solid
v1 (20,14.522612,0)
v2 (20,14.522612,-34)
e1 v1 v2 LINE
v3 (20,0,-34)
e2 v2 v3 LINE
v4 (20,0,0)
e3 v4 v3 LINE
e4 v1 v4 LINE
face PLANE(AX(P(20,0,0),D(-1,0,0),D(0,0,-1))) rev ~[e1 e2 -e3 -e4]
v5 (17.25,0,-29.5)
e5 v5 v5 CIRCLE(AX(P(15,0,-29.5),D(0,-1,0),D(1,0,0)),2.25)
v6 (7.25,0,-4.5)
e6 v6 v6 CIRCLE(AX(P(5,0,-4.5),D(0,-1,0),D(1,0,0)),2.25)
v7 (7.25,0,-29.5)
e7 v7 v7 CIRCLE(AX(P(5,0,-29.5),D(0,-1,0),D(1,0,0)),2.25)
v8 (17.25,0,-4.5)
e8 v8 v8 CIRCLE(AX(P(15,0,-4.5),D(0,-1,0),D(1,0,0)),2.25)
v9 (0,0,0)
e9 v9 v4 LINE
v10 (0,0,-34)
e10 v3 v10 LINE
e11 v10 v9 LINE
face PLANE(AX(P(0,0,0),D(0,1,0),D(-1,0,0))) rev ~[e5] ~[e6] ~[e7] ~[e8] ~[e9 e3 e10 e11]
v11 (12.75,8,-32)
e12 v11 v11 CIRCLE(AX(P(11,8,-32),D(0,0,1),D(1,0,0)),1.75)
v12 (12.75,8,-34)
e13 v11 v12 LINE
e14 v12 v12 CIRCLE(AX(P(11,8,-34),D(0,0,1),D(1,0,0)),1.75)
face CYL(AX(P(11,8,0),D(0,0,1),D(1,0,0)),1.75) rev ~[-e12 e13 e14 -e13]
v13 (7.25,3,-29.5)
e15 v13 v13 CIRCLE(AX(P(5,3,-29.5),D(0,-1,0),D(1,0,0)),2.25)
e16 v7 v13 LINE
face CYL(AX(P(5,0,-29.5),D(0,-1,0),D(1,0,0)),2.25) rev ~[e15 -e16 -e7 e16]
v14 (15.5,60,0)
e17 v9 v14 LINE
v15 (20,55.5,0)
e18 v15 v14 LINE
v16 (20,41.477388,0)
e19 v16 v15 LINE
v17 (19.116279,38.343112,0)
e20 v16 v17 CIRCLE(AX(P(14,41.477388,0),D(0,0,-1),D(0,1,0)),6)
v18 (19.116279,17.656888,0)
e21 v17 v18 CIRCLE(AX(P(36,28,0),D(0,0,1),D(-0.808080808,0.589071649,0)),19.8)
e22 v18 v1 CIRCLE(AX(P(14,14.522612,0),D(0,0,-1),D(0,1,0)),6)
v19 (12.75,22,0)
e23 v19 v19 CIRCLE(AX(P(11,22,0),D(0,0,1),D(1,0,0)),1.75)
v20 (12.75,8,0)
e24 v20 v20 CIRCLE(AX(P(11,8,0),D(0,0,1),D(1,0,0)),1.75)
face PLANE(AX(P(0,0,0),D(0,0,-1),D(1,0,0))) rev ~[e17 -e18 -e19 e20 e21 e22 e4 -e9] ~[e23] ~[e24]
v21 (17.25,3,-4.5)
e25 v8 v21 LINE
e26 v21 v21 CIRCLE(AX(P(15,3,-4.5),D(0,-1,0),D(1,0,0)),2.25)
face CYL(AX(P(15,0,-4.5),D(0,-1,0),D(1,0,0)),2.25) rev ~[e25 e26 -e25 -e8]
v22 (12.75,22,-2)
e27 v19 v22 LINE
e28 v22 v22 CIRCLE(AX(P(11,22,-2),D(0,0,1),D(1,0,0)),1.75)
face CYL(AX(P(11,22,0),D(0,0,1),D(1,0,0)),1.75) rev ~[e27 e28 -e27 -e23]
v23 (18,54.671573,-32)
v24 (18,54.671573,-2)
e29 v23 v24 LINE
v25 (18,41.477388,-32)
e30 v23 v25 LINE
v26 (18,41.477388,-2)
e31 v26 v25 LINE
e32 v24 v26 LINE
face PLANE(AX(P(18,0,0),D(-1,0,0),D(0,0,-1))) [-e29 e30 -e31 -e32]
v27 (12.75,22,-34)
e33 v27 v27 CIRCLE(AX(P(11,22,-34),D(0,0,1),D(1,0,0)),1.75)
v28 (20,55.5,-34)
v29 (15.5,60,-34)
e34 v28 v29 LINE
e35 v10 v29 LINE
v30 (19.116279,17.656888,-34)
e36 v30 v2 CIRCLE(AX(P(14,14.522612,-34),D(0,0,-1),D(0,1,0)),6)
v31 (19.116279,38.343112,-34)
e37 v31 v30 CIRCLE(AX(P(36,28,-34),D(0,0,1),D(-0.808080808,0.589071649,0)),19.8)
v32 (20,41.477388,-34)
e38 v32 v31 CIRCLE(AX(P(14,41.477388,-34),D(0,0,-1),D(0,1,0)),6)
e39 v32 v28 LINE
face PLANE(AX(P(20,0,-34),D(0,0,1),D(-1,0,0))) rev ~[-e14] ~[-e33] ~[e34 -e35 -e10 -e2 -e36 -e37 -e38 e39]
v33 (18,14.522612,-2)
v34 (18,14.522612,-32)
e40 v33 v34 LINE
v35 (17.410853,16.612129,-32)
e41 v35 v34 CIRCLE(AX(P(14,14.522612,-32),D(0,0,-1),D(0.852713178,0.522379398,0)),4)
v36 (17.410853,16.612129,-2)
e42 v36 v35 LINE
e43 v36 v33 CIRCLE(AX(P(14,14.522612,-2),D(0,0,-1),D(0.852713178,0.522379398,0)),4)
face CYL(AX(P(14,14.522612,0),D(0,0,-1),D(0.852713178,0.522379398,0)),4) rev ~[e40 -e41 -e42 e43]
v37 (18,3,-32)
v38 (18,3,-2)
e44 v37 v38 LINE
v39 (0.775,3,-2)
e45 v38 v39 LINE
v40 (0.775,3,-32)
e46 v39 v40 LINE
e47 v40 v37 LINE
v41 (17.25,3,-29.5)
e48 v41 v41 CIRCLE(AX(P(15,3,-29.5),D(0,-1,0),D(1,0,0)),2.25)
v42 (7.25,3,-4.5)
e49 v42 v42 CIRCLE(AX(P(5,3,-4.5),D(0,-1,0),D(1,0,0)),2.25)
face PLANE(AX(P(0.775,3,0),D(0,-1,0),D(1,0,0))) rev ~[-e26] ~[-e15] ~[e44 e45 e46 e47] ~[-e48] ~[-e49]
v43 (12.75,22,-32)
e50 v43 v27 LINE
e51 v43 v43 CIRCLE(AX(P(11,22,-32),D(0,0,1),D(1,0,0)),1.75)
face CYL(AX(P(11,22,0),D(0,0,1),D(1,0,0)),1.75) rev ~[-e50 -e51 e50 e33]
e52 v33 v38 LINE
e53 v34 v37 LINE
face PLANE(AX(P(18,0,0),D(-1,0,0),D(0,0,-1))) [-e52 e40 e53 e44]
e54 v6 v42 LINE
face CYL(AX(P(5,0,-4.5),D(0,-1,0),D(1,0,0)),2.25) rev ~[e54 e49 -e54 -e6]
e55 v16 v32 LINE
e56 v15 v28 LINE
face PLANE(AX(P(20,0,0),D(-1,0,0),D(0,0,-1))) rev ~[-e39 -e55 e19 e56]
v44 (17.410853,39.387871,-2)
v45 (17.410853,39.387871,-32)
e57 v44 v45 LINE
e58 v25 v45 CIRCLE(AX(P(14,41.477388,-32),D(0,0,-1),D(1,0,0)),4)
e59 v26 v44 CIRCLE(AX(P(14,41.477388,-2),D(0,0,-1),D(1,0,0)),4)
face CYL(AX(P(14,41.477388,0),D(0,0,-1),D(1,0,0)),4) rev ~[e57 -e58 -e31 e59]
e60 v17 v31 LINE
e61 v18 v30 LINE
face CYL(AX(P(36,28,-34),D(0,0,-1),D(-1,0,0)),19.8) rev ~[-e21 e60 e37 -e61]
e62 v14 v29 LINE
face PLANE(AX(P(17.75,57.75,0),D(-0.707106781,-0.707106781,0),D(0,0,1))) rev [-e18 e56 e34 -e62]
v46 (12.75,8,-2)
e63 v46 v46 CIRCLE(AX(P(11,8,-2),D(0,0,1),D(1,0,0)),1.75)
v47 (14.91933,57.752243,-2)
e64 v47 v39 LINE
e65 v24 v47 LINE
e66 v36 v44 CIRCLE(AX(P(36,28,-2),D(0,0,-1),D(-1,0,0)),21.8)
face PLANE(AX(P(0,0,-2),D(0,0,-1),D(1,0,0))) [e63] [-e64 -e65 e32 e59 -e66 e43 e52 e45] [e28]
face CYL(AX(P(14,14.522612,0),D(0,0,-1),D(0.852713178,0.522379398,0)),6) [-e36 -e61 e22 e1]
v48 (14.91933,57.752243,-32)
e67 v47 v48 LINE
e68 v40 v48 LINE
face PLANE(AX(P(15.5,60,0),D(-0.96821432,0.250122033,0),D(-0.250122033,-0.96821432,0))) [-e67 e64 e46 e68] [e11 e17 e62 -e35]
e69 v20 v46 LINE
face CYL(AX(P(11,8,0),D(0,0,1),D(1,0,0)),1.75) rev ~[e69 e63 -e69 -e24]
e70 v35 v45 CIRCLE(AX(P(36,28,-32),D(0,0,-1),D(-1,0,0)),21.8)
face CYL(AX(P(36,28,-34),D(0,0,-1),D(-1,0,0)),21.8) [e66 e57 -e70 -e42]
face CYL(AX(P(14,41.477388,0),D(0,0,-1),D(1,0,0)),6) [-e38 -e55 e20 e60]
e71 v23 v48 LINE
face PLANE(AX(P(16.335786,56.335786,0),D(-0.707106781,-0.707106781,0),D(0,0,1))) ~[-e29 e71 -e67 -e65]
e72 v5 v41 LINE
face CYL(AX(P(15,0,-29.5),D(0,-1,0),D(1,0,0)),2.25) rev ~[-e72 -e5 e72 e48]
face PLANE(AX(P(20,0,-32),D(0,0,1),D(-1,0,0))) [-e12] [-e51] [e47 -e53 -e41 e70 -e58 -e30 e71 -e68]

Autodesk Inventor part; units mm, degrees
ref_plane "YZ Plane" through (0, 0, 0) normal (1, 0, 0) x (0, 1, 0)
ref_plane "XZ Plane" through (0, 0, 0) normal (0, 1, 0) x (-1, 0, 0)
ref_plane "XY Plane" through (0, 0, 0) normal (0, 0, 1) x (1, 0, 0)
sketch "Sketch1" plane through (0, 0, 0) normal (0, 1, 0) x (-1, 0, 0)
  line L0 (0, 0) -> (-20, 0)
  line L1 (-20, 0) -> (-20, -34)
  line L2 (-20, -34) -> (0, -34)
  line L3 (0, -34) -> (0, 0)
  dimension "d0" = 34
  dimension "d1" = 20
extrude "Extrusion1" add sketch "Sketch1" along normal blind 60
chamfer "Chamfer1" distance 4.5 angle 45 1 edges at (20, 60, -17)
sketch "Sketch3" plane through (0, 0, 0) normal (0, 0, 1) x (1, 0, 0)
  line L0 (0, 60) -> (15.5, 60) projected
  line L1 (15.5, 60) -> (0, 0)
  line L2 (0, 0) -> (20, 0) projected
  line L3 (20, 0) -> (0, 0)
  line L4 (0, 0) -> (0, 60)
  line L5 (0, 60) -> (20, 60)
  line L6 (20, 60) -> (20, 0)
extrude "Extrusion2" cut sketch "Sketch3" against normal blind 60 contours L0 L1 L4
sketch "Sketch4" plane through (20, 0, -34) normal (0, 0, -1) x (-1, 0, 0)
  circle A0 centre (-16, 28) radius 19.8
  line L0 (0, 0) -> (0, 55.5) projected
  line L1 (20, 0) -> (0, 0) projected
  dimension "d9" = 39.6
  dimension "d14" = 16
  dimension "d15" = 28
extrude "Extrusion3" cut sketch "Sketch4" against normal blind 60
fillet "Fillet1" radius 6 2 edges at (20, 16.3364, -17) (20, 39.6636, -17)
shell "Shell1" thickness 2 removed faces 1 at (10.3333, 40, -22.6667)
sketch "Sketch5" plane through (0, 0, 0) normal (0, 0, 1) x (1, 0, 0)
  line L0 (0, 0) -> (20, 0) projected
  line L1 (20, 0) -> (-6.4586, 0)
  line L2 (-6.4586, 0) -> (-6.4586, 3)
  line L3 (-6.4586, 3) -> (20, 3)
  line L4 (20, 3) -> (20, 0)
  line L5 (0, 0) -> (0.775, 3)
  line L6 (15.5, 60) -> (0, 0) projected
  dimension "d16" = 3
extrude "Extrusion4" add sketch "Sketch5" against normal blind 34 contours L5 L3 L4 L0
sketch "Sketch6" plane through (0, 0, 0) normal (0, -1, 0) x (1, 0, 0)
  circle A0 centre (5, -4.5) radius 2.25
  line L0 (0, 0) -> (20, 0) projected
  line L1 (0, -34) -> (0, 0) projected
  circle A1 centre (15, -4.5) radius 2.25
  circle A2 centre (5, -29.5) radius 2.25
  circle A3 centre (15, -29.5) radius 2.25
  dimension "d19" = 4.5
  dimension "d20" = 4.5
  dimension "d21" = 5
  dimension "d24" = 10
  dimension "d27" = 25
extrude "Extrusion5" cut sketch "Sketch6" against normal blind 3
sketch "Sketch7" plane through (0, 0, 0) normal (0, 0, 1) x (1, 0, 0)
  circle A0 centre (11, 8) radius 1.75
  line L0 (0, 0) -> (20, 0) projected
  line L1 (20, 0) -> (20, 14.5226) projected
  line L2 (20, 0) -> (20, 15.3258)
  circle A1 centre (11, 22) radius 1.75
  dimension "d32" = 3.5
  dimension "d33" = 8
  dimension "d34" = 11
  dimension "d37" = 14
extrude "Extrusion6" cut sketch "Sketch7" against normal through all
properties part number "Gripper"
